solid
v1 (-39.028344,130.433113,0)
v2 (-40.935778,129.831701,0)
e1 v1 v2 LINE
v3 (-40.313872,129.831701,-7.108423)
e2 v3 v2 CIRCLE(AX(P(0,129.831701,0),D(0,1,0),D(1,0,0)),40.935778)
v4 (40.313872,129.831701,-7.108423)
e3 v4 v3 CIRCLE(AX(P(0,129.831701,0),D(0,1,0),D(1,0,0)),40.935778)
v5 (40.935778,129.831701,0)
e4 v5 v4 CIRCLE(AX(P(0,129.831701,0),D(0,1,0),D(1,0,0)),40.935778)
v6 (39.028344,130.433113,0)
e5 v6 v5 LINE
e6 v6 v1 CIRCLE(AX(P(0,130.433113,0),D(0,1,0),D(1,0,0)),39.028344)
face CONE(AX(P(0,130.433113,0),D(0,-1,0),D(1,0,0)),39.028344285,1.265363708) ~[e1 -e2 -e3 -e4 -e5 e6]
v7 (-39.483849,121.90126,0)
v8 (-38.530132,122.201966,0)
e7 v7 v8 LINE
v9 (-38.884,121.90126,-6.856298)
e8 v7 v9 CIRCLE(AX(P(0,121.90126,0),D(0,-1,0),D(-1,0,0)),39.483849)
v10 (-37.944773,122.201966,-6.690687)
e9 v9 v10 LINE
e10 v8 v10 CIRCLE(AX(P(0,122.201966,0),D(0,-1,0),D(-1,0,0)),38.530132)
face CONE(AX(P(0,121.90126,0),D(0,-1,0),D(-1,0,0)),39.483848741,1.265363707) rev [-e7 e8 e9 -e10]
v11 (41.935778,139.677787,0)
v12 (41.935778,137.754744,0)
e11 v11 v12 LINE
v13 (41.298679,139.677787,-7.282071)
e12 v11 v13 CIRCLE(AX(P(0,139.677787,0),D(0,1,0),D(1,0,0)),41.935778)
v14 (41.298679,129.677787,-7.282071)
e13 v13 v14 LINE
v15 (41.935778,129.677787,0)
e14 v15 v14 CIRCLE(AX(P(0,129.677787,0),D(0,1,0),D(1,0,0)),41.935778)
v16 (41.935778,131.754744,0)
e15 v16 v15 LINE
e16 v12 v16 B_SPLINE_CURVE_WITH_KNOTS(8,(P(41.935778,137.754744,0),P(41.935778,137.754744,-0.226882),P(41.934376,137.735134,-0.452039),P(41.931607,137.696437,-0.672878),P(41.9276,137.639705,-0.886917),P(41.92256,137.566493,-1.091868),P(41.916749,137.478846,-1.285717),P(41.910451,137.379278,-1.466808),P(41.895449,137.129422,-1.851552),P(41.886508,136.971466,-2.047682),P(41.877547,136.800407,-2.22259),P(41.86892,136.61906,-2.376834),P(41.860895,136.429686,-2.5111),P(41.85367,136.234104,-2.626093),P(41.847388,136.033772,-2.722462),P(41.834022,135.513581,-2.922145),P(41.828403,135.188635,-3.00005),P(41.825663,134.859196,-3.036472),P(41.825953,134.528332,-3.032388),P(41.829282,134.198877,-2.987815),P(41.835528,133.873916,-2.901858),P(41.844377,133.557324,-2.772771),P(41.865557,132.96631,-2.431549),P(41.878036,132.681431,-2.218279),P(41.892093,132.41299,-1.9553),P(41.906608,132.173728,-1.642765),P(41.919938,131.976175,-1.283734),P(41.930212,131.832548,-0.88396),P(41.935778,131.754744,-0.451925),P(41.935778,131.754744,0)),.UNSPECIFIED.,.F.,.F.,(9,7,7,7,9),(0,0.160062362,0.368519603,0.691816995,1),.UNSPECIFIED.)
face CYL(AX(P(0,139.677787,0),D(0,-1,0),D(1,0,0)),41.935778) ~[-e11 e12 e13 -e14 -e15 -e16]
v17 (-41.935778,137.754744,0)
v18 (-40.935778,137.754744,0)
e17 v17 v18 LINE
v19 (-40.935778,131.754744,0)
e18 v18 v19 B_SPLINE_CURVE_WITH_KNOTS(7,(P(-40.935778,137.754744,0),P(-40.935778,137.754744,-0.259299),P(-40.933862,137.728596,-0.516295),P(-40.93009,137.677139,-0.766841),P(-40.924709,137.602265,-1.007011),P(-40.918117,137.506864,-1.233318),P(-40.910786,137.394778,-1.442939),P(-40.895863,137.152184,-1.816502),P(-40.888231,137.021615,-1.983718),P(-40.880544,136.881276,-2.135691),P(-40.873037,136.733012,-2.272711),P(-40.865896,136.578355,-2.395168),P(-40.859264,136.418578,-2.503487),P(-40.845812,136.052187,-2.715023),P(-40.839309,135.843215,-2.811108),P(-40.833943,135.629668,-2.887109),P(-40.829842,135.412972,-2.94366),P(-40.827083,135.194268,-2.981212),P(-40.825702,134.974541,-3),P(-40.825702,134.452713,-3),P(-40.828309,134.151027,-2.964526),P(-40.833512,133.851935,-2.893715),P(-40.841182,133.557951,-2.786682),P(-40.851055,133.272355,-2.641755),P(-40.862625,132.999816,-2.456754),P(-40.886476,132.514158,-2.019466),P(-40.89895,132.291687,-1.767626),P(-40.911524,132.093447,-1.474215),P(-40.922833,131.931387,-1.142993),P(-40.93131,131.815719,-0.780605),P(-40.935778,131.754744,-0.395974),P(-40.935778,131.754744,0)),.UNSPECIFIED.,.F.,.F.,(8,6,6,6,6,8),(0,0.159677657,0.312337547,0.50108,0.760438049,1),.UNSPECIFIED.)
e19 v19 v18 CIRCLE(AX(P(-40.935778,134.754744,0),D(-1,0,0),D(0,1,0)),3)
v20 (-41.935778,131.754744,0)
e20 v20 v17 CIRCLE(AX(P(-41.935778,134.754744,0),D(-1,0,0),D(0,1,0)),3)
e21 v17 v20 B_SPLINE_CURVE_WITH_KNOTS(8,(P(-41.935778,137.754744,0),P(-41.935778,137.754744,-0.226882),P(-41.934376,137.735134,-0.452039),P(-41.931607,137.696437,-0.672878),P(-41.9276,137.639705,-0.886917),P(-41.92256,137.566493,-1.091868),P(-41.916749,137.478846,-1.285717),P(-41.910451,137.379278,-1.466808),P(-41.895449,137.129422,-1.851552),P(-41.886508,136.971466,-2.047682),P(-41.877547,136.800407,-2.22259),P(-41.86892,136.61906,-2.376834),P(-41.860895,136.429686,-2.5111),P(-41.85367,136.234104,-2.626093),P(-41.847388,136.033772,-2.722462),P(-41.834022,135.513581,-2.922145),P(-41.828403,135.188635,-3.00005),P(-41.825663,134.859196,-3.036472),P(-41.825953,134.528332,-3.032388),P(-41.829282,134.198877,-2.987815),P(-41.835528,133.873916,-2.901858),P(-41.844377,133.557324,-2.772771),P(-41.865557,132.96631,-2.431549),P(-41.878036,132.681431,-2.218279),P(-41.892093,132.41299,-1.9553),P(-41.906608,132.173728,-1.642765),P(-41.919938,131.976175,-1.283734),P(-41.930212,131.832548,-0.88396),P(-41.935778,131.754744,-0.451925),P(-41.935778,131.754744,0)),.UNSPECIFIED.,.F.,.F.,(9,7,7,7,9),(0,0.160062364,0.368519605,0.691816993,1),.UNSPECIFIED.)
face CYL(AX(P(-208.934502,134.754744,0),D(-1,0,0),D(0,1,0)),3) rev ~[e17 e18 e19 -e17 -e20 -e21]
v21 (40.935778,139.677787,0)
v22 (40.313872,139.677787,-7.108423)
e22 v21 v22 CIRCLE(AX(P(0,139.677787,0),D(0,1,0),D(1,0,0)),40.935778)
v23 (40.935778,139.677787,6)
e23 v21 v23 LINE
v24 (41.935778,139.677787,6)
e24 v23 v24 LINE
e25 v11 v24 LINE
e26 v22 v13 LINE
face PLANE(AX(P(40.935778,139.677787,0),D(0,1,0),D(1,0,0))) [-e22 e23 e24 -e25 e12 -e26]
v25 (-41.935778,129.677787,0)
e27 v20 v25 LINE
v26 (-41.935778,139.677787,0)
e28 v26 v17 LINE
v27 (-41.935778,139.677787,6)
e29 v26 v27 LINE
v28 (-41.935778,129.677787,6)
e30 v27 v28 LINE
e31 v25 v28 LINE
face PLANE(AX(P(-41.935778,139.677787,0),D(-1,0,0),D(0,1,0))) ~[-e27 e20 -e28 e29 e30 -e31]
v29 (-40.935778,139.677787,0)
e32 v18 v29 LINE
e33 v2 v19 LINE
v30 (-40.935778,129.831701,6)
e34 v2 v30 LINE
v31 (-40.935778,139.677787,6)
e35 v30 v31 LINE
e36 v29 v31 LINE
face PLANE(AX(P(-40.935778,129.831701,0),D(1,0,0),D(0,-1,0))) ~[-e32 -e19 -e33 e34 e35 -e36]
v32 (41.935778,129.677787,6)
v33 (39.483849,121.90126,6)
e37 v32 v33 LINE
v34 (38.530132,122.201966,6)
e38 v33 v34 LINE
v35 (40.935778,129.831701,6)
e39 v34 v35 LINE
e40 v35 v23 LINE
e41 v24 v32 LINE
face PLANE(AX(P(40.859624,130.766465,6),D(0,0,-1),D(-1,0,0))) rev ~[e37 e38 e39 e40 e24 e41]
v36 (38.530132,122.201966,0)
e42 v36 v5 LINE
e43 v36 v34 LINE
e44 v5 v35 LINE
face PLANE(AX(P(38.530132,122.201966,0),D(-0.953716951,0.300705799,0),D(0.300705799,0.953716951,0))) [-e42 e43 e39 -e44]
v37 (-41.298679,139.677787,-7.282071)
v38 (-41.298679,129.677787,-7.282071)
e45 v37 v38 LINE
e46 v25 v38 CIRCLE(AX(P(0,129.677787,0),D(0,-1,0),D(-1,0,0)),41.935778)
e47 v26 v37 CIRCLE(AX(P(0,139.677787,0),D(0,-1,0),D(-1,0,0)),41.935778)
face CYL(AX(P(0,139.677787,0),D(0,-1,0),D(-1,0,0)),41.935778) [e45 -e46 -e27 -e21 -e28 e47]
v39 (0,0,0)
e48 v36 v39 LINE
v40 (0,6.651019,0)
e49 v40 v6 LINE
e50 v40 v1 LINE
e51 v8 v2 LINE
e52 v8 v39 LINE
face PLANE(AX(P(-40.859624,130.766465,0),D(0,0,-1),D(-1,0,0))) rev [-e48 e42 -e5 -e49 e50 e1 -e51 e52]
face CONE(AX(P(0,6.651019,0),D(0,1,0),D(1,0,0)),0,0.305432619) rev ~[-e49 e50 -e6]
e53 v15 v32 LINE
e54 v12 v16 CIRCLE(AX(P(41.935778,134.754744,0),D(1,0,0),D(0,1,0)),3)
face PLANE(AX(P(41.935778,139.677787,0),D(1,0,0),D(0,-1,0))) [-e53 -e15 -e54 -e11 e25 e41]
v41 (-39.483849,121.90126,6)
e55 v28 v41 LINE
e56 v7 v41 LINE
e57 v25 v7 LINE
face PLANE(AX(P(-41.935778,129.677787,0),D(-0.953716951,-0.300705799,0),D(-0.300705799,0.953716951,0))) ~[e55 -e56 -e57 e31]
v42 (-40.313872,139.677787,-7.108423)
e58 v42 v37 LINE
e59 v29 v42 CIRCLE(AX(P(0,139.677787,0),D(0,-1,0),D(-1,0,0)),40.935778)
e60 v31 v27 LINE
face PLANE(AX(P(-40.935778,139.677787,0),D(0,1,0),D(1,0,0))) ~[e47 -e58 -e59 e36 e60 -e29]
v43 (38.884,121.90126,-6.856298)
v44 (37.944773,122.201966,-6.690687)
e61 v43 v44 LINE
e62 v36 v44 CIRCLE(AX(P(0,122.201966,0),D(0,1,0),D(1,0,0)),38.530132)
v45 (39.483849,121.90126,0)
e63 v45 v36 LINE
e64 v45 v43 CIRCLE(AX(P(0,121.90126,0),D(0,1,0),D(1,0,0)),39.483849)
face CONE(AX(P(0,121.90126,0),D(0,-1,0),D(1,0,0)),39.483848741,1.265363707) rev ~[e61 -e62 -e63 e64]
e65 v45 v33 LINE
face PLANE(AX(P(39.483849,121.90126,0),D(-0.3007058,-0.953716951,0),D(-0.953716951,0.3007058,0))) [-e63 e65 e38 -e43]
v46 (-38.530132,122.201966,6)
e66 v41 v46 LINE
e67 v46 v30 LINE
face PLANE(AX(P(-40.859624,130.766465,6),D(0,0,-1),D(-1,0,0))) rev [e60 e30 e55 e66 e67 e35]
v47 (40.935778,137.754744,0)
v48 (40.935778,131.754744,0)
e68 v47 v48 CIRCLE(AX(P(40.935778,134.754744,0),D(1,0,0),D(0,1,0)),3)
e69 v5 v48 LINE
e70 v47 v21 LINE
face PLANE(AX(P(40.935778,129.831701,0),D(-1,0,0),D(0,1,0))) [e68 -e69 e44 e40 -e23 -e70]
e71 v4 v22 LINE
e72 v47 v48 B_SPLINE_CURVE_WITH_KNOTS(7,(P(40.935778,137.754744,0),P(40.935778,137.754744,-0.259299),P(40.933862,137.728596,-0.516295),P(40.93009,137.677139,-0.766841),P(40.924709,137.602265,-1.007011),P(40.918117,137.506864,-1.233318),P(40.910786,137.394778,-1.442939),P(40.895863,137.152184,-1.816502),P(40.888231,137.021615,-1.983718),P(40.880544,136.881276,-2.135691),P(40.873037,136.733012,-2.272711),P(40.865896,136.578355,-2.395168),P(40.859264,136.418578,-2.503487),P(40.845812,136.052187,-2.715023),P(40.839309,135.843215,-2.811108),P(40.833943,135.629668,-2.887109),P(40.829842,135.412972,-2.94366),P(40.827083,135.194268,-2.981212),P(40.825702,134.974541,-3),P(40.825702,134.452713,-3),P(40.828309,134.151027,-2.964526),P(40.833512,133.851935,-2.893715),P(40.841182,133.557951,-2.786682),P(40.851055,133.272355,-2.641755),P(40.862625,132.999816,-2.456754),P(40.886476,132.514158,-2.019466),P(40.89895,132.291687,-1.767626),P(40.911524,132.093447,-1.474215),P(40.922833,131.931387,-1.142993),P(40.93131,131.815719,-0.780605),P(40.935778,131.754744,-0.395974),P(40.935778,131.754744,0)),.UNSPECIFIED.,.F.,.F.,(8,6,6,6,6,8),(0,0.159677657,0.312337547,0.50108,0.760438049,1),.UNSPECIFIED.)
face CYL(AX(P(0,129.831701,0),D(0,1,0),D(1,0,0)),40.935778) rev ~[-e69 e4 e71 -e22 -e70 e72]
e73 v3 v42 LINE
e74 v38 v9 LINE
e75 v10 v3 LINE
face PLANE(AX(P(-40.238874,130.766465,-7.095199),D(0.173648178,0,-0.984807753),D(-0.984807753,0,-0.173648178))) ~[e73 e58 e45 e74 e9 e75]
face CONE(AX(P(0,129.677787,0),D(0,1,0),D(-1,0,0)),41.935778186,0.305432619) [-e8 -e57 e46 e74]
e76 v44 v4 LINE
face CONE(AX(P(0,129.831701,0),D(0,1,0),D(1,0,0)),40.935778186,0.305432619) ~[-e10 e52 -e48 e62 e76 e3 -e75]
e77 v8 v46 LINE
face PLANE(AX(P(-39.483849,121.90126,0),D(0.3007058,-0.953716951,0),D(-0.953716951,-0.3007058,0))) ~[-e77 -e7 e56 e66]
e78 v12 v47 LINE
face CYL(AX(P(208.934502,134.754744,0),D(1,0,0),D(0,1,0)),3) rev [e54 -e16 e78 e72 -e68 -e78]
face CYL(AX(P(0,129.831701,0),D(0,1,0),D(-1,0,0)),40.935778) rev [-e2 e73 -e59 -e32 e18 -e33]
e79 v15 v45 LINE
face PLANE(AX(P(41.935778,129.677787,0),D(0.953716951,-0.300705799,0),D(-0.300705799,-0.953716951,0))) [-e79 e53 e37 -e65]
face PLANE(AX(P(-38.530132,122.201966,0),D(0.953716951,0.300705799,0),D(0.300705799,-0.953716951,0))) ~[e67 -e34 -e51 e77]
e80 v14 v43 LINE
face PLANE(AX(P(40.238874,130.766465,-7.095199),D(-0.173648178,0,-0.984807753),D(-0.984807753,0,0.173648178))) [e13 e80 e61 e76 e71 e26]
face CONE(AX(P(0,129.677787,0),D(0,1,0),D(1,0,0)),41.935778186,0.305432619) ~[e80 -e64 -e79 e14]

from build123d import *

# Parameters (mm, degrees)
REVOLUCI_N1_ANGLE       = 180
REVOLUCI_N2_ANGLE       = 10
SALIENTE_EXTRUIR1_DEPTH = 6
CORTAR_EXTRUIR1_START   = -167.998723797
CROQUIS4_R              = 3
CORTAR_EXTRUIR1_DEPTH   = 173.998723797


with BuildPart() as part:
    # Croquis1 → Revolución1 (revolve)
    with BuildSketch(Plane.XY):
        Polygon((0, 0), (0, 6.651019047), (39.028344285, 130.433112926), (40.935778186, 129.831701327), align=None)
    revolve(axis=Axis((0, 0, 0), (0, 1, 0)), revolution_arc=REVOLUCI_N1_ANGLE)

    # Croquis2 → Revolución2 (revolve)
    with BuildSketch(Plane.XY):
        Polygon((40.935778186, 129.831701327), (40.935778186, 139.677786606), (41.935778186, 139.677786606), (41.935778186, 129.677786606), (39.483848741, 121.901259921), (38.53013179, 122.201965721), align=None)
    revoluci_n2 = revolve(axis=Axis((0, 0, 0), (0, 1, 0)), revolution_arc=REVOLUCI_N2_ANGLE)

    # Croquis3 → Saliente-Extruir1 (add)
    with BuildSketch(Plane.XY):
        Polygon((40.935778186, 139.677786606), (41.935778186, 139.677786606), (41.935778186, 129.677786606), (39.483848741, 121.901259921), (38.53013179, 122.201965721), (40.935778186, 129.831701327), align=None)
    saliente_extruir1 = extrude(amount=SALIENTE_EXTRUIR1_DEPTH)

    # Croquis4 → Cortar-Extruir1 (cut)
    with BuildSketch(Plane.ZY.offset(-40.935778186).offset(CORTAR_EXTRUIR1_START)):
        with Locations((0, 134.754743966)):
            Circle(CROQUIS4_R)
    cortar_extruir1 = extrude(amount=CORTAR_EXTRUIR1_DEPTH, mode=Mode.SUBTRACT)

    # Simetría1: Revolución2, Saliente-Extruir1, Cortar-Extruir1 across plane
    add(revoluci_n2.mirror(Plane(origin=(0, 0, 0), x_dir=(0, 0, 1), z_dir=(1, 0, 0))))
    add(saliente_extruir1.mirror(Plane(origin=(0, 0, 0), x_dir=(0, 0, 1), z_dir=(1, 0, 0))))
    add(cortar_extruir1.mirror(Plane(origin=(0, 0, 0), x_dir=(0, 0, 1), z_dir=(1, 0, 0))), mode=Mode.SUBTRACT)


solid = part.part
